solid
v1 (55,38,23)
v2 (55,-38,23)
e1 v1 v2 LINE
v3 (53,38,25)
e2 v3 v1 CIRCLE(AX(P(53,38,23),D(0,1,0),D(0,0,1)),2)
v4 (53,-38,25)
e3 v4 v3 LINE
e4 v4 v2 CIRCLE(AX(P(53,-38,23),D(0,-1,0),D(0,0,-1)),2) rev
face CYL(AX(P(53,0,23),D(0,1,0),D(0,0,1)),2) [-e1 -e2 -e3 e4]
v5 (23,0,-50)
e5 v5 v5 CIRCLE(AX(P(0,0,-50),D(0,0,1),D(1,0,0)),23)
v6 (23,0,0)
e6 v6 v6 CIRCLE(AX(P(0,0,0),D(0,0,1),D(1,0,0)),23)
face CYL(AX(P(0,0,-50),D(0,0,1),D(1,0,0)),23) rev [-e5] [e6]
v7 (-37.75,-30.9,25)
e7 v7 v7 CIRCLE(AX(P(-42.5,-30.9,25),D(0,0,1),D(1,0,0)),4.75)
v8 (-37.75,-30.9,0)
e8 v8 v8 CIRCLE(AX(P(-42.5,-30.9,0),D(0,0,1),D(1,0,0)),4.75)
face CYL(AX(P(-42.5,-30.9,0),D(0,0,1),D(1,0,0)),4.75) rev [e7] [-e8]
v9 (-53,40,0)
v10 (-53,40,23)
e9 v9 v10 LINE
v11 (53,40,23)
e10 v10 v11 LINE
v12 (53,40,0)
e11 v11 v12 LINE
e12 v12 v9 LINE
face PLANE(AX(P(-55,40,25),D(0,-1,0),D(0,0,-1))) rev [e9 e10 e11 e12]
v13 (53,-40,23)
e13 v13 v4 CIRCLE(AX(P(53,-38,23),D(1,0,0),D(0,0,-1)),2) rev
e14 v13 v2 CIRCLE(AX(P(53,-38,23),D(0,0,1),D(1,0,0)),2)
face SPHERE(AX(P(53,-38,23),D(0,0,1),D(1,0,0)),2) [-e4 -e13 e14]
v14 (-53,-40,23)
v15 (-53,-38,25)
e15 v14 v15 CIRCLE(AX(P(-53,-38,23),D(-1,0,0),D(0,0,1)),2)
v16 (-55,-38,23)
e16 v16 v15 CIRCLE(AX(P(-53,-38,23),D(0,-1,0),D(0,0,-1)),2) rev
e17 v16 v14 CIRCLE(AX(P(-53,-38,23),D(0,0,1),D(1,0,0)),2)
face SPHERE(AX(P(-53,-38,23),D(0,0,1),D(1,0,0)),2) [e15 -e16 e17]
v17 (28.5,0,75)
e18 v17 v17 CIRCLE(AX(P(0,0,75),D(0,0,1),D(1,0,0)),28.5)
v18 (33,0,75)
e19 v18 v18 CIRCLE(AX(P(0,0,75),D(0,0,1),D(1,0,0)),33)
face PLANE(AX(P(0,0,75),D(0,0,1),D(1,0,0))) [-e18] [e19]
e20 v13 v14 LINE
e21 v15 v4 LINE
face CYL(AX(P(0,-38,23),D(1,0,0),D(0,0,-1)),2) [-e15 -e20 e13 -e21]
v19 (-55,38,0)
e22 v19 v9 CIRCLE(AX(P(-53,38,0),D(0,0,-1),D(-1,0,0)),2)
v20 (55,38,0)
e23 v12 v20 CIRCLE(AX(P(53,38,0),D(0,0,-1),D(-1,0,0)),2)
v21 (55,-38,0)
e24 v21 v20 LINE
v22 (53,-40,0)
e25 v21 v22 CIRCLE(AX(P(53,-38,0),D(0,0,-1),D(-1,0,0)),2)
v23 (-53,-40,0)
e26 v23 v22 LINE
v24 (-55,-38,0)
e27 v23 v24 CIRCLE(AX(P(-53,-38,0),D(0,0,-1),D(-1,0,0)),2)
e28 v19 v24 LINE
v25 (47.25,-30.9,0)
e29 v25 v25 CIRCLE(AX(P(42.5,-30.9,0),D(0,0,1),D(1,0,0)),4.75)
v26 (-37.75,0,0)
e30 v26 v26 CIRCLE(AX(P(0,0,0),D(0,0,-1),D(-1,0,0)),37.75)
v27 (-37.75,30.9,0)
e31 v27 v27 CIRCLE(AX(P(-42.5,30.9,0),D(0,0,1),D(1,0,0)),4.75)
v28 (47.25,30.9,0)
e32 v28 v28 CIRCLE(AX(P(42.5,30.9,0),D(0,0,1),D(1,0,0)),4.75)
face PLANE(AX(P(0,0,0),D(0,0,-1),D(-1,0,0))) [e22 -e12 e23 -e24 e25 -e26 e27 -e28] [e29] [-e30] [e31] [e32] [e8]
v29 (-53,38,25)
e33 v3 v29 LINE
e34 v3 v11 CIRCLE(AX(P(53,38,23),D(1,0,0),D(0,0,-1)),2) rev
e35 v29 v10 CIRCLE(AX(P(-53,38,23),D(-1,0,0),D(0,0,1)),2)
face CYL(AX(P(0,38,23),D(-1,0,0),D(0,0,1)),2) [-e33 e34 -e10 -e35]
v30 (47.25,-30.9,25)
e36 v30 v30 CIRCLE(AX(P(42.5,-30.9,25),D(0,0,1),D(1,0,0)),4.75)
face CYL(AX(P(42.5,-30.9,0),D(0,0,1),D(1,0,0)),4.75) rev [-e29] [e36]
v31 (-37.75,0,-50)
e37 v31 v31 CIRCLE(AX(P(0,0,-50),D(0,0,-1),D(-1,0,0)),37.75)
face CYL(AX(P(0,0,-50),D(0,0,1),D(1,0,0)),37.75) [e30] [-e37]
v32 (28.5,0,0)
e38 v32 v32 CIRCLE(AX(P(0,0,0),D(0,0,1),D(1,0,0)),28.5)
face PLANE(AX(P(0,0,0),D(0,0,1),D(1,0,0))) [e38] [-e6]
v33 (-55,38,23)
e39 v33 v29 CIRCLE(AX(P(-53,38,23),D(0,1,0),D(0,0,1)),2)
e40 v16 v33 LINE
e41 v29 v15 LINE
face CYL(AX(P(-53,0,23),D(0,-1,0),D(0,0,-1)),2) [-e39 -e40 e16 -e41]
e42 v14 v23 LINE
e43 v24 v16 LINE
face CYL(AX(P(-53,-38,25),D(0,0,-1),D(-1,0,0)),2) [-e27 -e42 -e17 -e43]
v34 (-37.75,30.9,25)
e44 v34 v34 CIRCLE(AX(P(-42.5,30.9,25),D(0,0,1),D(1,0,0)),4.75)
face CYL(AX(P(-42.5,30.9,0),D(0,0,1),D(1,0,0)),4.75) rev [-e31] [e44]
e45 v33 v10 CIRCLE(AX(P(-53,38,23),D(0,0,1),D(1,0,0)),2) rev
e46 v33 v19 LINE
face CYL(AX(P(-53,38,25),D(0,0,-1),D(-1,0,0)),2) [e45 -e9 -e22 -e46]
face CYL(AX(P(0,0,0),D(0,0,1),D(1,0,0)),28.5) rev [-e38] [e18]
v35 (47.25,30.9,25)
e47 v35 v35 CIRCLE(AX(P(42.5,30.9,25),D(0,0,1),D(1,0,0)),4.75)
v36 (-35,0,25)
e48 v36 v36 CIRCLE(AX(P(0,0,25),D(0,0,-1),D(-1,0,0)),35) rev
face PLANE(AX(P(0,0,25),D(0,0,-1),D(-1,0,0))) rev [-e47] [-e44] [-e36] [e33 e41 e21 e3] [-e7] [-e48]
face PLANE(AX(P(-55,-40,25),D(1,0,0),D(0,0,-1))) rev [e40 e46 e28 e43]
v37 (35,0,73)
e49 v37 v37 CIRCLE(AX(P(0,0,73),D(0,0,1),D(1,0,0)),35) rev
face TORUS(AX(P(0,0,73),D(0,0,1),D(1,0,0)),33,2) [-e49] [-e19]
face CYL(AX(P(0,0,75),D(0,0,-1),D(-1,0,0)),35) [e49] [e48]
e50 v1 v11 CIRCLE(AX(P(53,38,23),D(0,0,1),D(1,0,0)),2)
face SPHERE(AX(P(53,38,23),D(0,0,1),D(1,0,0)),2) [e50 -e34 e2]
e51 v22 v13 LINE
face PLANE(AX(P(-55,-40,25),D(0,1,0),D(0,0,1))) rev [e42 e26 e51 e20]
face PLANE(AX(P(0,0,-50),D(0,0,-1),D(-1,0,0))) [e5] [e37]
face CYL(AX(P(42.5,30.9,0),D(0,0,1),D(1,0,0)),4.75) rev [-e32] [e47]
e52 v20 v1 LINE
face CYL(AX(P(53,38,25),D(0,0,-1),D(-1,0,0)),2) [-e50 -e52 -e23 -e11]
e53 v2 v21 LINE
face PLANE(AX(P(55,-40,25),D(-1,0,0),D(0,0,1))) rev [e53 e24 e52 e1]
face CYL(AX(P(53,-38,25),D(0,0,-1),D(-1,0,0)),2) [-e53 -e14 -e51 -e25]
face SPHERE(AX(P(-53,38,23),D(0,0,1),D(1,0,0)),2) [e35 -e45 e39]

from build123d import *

# Parameters (mm, degrees)
SKETCH1_W            = 110
SKETCH1_H            = 80
BOSS_EXTRUDE1_DEPTH  = 25
SKETCH2_R            = 4.75
CUT_EXTRUDE1_DEPTH   = 25
LPATTERN1_COUNT      = 2
LPATTERN1_PITCH      = 85
LPATTERN1_COUNT_DIR2 = 2
LPATTERN1_PITCH_DIR2 = 61.8
SKETCH3_R            = 35
BOSS_EXTRUDE2_DEPTH  = 50
SKETCH4_R            = 37.75
BOSS_EXTRUDE3_DEPTH  = 50
SKETCH5_R            = 28.5
CUT_EXTRUDE2_DEPTH   = 75
SKETCH6_R            = 23
CUT_EXTRUDE3_DEPTH   = 50
FILLET1_R            = 2


with BuildPart() as part:
    # Sketch1 → Boss-Extrude1 (new body)
    with BuildSketch(Plane.XY):
        Rectangle(SKETCH1_W, SKETCH1_H)
    extrude(amount=BOSS_EXTRUDE1_DEPTH)

    # Sketch2 → Cut-Extrude1 (cut)
    with BuildSketch(Plane.XY.offset(25)):
        with Locations((-42.5, -30.9)):
            Circle(SKETCH2_R)
    cut_extrude1 = extrude(amount=-CUT_EXTRUDE1_DEPTH, mode=Mode.SUBTRACT)

    # LPattern1: Cut-Extrude1 2 × 2
    with Locations(*[(i * LPATTERN1_PITCH, j * LPATTERN1_PITCH_DIR2, 0) for i in range(LPATTERN1_COUNT) for j in range(LPATTERN1_COUNT_DIR2) if (i, j) != (0, 0)]):
        add(cut_extrude1, mode=Mode.SUBTRACT)

    # Sketch3 → Boss-Extrude2 (add)
    with BuildSketch(Plane.XY.offset(25)):
        Circle(SKETCH3_R)
    extrude(amount=BOSS_EXTRUDE2_DEPTH)

    # Sketch4 → Boss-Extrude3 (add)
    with BuildSketch(Plane(origin=(0, 0, 0), x_dir=(-1, 0, 0), z_dir=(0, 0, -1))):
        Circle(SKETCH4_R)
    extrude(amount=BOSS_EXTRUDE3_DEPTH)

    # Sketch5 → Cut-Extrude2 (cut)
    with BuildSketch(Plane.XY.offset(75)):
        Circle(SKETCH5_R)
    extrude(amount=-CUT_EXTRUDE2_DEPTH, mode=Mode.SUBTRACT)

    # Sketch6 → Cut-Extrude3 (cut)
    with BuildSketch(Plane.XY):
        Circle(SKETCH6_R)
    extrude(amount=-CUT_EXTRUDE3_DEPTH, mode=Mode.SUBTRACT)

    # Fillet1
    fillet1_edges = [part.edges().sort_by_distance(p)[0] for p in [
        (-55, 0, 25),
        (0, -40, 25),
        (-35, 0, 75),
        (55, 0, 25),
        (55, -40, 12.5),
        (-55, -40, 12.5),
        (-55, 40, 12.5),
        (55, 40, 12.5),
        (0, 40, 25),
    ]]
    fillet(fillet1_edges, radius=FILLET1_R)


solid = part.part
